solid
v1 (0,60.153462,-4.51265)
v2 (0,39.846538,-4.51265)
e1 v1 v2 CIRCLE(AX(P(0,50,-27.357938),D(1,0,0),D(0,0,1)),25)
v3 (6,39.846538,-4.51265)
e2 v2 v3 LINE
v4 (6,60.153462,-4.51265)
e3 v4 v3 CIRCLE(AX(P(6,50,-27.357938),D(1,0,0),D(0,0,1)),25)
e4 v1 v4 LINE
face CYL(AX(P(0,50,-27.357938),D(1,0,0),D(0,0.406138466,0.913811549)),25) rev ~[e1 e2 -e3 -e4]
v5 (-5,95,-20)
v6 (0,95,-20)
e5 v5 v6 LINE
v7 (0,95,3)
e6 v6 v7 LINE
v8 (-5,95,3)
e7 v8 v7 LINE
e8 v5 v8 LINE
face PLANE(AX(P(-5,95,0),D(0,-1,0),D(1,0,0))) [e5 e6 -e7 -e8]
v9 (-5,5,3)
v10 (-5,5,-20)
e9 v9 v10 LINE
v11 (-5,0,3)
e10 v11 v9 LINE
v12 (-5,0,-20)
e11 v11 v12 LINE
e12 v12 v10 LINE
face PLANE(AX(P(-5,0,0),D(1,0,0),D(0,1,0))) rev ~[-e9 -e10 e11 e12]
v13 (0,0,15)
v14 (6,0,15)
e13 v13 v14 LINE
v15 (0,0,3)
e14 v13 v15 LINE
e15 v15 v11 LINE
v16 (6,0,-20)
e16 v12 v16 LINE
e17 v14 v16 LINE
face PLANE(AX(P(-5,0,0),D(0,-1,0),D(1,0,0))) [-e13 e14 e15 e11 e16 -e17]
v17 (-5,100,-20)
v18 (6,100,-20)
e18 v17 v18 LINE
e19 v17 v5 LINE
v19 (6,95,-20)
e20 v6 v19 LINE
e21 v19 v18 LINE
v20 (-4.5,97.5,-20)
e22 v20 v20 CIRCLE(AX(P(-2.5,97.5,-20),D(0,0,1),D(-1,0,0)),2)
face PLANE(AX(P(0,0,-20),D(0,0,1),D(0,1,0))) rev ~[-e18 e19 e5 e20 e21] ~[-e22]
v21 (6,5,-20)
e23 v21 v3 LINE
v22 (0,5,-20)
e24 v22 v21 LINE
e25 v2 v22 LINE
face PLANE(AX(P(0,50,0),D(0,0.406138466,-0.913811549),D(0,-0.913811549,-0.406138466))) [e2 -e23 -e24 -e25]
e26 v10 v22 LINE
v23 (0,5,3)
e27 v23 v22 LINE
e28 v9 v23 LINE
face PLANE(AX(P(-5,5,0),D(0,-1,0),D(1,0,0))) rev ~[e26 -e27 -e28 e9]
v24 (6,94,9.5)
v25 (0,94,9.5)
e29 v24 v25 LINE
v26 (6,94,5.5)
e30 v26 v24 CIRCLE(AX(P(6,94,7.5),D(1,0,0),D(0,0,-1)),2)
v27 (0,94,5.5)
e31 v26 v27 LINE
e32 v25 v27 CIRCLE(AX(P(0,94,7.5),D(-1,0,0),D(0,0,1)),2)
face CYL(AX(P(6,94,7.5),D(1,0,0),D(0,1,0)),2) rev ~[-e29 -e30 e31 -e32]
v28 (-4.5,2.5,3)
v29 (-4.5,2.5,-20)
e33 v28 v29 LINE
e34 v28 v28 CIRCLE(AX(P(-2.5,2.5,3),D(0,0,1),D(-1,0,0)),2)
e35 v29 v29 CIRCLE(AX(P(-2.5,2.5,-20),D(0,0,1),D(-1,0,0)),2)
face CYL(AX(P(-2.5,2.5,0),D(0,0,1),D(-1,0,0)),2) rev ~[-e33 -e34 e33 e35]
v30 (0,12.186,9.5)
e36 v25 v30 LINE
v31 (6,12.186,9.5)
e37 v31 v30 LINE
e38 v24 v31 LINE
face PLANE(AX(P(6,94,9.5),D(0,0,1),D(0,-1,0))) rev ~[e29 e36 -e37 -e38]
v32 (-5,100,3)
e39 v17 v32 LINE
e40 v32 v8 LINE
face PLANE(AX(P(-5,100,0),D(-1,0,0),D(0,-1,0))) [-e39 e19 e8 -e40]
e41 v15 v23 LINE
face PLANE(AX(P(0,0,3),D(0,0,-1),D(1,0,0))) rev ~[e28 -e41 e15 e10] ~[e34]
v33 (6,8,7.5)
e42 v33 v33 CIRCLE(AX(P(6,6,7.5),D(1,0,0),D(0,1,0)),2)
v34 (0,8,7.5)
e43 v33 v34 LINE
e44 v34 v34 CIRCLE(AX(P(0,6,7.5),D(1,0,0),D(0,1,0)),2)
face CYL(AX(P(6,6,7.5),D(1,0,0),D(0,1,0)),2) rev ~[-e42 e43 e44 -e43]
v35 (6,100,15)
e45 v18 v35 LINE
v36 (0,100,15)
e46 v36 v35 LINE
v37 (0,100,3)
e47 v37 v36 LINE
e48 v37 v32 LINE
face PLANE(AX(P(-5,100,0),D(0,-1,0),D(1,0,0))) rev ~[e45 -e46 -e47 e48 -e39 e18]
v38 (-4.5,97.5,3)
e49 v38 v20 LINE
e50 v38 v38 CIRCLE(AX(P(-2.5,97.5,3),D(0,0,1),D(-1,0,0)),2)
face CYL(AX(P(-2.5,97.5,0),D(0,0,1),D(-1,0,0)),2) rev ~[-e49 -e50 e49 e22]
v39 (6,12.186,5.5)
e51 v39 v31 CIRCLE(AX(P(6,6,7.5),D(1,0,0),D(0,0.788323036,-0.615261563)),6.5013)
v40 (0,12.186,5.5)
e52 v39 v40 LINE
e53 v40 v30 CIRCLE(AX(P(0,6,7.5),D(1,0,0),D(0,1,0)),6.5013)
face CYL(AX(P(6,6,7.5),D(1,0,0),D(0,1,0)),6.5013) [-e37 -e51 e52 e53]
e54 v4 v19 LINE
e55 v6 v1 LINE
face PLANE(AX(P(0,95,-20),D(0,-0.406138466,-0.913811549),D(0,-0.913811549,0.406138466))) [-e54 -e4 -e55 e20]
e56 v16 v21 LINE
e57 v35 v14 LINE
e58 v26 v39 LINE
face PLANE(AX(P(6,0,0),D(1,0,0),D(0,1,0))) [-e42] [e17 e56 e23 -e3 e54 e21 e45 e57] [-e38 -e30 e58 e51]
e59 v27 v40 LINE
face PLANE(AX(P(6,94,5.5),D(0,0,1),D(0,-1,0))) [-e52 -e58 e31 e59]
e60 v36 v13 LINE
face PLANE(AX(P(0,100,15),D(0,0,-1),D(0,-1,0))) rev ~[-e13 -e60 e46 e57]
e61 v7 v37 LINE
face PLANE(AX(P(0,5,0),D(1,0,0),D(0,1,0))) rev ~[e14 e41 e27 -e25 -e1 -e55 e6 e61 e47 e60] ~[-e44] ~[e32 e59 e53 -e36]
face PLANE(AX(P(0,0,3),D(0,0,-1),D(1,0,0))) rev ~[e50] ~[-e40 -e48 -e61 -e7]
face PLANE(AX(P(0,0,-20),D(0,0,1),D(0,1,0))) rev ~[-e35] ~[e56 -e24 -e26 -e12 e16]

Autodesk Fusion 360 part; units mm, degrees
sketch "Sketch1" plane through (0, 0, 0) normal (1, 0, 0) x (0, 1, 0)
  line L0 (0, 0) -> (100, 0)
  line L1 (100, 0) -> (100, 15)
  line L2 (100, 15) -> (0, 15)
  line L3 (0, 15) -> (0, 0)
  dimension "d1" = 100
  dimension "d2" = 15
extrude "Extrude1" add sketch "Sketch1" along normal blind 6
sketch "Sketch2" plane through (6, 0, 0) normal (1, 0, 0) x (0, 1, 0)
  line L0 (0, 15) -> (0, 0)
  line L1 (0, 0) -> (100, 0)
  line L2 (100, 0) -> (100, 15)
  line L3 (100, 15) -> (0, 15)
  circle A0 centre (6, 7.5) radius 4
  circle A1 centre (94, 7.5) radius 4
  line L4 (6, 11.5) -> (94, 11.5)
  line L5 (94, 3.5) -> (6, 3.5)
  circle A2 centre (6, 7.5) radius 6.5013
  dimension "d5" = 8
  dimension "d6" = 6
  dimension "d7" = 8
  dimension "d8" = 6
extrude "Extrude2" cut sketch "Sketch2" against normal blind 20 contours A1 L4 L5 A2 | A0 | A1
sketch "Sketch3" plane through (0, 0, 0) normal (-1, 0, 0) x (0, -1, 0)
  line L0 (-11.1251, 3.5) -> (-94, 3.5)
  arc A0 (-94, 11.5) -> (-94, 3.5) centre (-94, 7.5) ccw
  line L1 (-94, 11.5) -> (-11.1251, 11.5)
  line L2 (0, 0) -> (0, 15)
  line L3 (0, 15) -> (-100, 15)
  line L4 (-100, 15) -> (-100, 0)
  line L5 (-100, 0) -> (0, 0)
  circle A1 centre (-6, 7.5) radius 4
  arc A2 (-11.1251, 11.5) -> (-11.1251, 3.5) centre (-6, 7.5) ccw
sketch "Sketch4" plane through (0, 50, 7.5) normal (-1, 0, 0) x (0, -1, 0)
sketch "Sketch5" plane through (0, 0, 0) normal (0, 0, -1) x (1, 0, 0)
  line L0 (0, 0) -> (0, -100)
  line L1 (0, -100) -> (6, -100)
  line L2 (6, -100) -> (6, 0)
  line L3 (6, 0) -> (0, 0)
  line L4 (0, -100) -> (-5, -100)
  line L5 (-5, -100) -> (-5, -95)
  line L6 (-5, -95) -> (0, -95)
  line L7 (0, -95) -> (0, -100)
  line L8 (0, 0) -> (-5, 0)
  line L9 (-5, 0) -> (-5, -5)
  line L10 (-5, -5) -> (0, -5)
  line L11 (0, -5) -> (0, 0)
  dimension "d11" = 5
  dimension "d12" = 5
  dimension "d13" = 5
  dimension "d14" = 5
extrude "Extrude3" add sketch "Sketch5" against normal blind 3 contours L0 L8 L9 L10 L11 | L0 L4 L5 L6 L7
sketch "Sketch6" plane through (0, 0, 3) normal (0, 0, 1) x (-1, 0, 0)
  line L0 (5, -95) -> (0, -95)
  line L1 (0, -95) -> (0, -100)
  line L2 (0, -100) -> (5, -100)
  line L3 (5, -100) -> (5, -95)
  circle A0 centre (2.5, -97.5) radius 2
  dimension "d17" = 4
extrude "Extrude4" cut sketch "Sketch6" against normal blind 6 contours A0
sketch "Sketch7" plane through (0, 0, 0) normal (-1, 0, 0) x (0, -1, 0)
sketch "Sketch8" plane through (0, 0, 3) normal (0, 0, 1) x (-1, 0, 0)
  line L0 (0, 0) -> (0, -5)
  line L1 (0, -5) -> (5, -5)
  line L2 (5, -5) -> (5, 0)
  line L3 (5, 0) -> (0, 0)
  circle A0 centre (2.5, -2.5) radius 2
  dimension "d20" = 4
extrude "Extrude5" cut sketch "Sketch8" against normal blind 9 contours A0
sketch "Sketch9" plane through (0, 50.3094, 7.5) normal (-1, 0, 0) x (0, -1, 0)
extrude "Extrude6" add 1 faces at (4, 65, 0) along direction (0, 0, -1) blind 20
sketch "Sketch10" plane through (0, 0, 0) normal (-1, 0, 0) x (0, -1, 0)
  line L0 (-5, 3) -> (0, 3)
  line L1 (0, 3) -> (0, 15)
  line L2 (0, 15) -> (-100, 15)
  line L3 (-100, 15) -> (-100, 3)
  line L4 (-100, 3) -> (-95, 3)
  line L5 (-95, 3) -> (-95, -20)
  line L6 (-95, -20) -> (-5, -20)
  line L7 (-5, -20) -> (-5, 3)
  circle A0 centre (-6, 7.5) radius 4
  line L8 (-94, 11.5) -> (-11.1251, 11.5)
  arc A1 (-11.1251, 11.5) -> (-11.1251, 3.5) centre (-6, 7.5) ccw
  line L9 (-11.1251, 3.5) -> (-94, 3.5)
  arc A2 (-94, 11.5) -> (-94, 3.5) centre (-94, 7.5) ccw
  line L10 (-95, -20) -> (-50, 0)
  line L11 (-50, 0) -> (-5, -20)
extrude "Extrude7" cut sketch "Sketch10" against normal blind 25 contours L6 L10 L11
fillet "Fillet1" radius 25 1 edges at (3, 50, 0)
sketch "Sketch11" plane through (6, 0, 0) normal (1, 0, 0) x (0, 1, 0)
  line L0 (5, -20) -> (39.8465, -4.5126)
  arc A0 (60.1535, -4.5126) -> (39.8465, -4.5126) centre (50, -27.3579) ccw
  line L1 (60.1535, -4.5126) -> (95, -20)
  line L2 (95, -20) -> (100, -20)
  line L3 (100, -20) -> (100, 15)
  line L4 (100, 15) -> (0, 15)
  line L5 (0, 15) -> (0, -20)
  line L6 (0, -20) -> (5, -20)
  line L7 (11.1251, 11.5) -> (94, 11.5)
  arc A1 (94, 3.5) -> (94, 11.5) centre (94, 7.5) ccw
  line L8 (94, 3.5) -> (11.1251, 3.5)
  arc A2 (11.1251, 3.5) -> (11.1251, 11.5) centre (6, 7.5) ccw
  circle A3 centre (6, 7.5) radius 4
  circle A4 centre (6, 7.5) radius 2
  circle A5 centre (94, 7.5) radius 2
  line L9 (94, 9.5) -> (12.186, 9.5)
  line L10 (94, 5.5) -> (12.186, 5.5)
  dimension "d29" = 4
  dimension "d30" = 4
extrude "Extrude8" add sketch "Sketch11" against normal blind 6 contours L7 A1 L8 A2 A5 L9 L10 | A3
